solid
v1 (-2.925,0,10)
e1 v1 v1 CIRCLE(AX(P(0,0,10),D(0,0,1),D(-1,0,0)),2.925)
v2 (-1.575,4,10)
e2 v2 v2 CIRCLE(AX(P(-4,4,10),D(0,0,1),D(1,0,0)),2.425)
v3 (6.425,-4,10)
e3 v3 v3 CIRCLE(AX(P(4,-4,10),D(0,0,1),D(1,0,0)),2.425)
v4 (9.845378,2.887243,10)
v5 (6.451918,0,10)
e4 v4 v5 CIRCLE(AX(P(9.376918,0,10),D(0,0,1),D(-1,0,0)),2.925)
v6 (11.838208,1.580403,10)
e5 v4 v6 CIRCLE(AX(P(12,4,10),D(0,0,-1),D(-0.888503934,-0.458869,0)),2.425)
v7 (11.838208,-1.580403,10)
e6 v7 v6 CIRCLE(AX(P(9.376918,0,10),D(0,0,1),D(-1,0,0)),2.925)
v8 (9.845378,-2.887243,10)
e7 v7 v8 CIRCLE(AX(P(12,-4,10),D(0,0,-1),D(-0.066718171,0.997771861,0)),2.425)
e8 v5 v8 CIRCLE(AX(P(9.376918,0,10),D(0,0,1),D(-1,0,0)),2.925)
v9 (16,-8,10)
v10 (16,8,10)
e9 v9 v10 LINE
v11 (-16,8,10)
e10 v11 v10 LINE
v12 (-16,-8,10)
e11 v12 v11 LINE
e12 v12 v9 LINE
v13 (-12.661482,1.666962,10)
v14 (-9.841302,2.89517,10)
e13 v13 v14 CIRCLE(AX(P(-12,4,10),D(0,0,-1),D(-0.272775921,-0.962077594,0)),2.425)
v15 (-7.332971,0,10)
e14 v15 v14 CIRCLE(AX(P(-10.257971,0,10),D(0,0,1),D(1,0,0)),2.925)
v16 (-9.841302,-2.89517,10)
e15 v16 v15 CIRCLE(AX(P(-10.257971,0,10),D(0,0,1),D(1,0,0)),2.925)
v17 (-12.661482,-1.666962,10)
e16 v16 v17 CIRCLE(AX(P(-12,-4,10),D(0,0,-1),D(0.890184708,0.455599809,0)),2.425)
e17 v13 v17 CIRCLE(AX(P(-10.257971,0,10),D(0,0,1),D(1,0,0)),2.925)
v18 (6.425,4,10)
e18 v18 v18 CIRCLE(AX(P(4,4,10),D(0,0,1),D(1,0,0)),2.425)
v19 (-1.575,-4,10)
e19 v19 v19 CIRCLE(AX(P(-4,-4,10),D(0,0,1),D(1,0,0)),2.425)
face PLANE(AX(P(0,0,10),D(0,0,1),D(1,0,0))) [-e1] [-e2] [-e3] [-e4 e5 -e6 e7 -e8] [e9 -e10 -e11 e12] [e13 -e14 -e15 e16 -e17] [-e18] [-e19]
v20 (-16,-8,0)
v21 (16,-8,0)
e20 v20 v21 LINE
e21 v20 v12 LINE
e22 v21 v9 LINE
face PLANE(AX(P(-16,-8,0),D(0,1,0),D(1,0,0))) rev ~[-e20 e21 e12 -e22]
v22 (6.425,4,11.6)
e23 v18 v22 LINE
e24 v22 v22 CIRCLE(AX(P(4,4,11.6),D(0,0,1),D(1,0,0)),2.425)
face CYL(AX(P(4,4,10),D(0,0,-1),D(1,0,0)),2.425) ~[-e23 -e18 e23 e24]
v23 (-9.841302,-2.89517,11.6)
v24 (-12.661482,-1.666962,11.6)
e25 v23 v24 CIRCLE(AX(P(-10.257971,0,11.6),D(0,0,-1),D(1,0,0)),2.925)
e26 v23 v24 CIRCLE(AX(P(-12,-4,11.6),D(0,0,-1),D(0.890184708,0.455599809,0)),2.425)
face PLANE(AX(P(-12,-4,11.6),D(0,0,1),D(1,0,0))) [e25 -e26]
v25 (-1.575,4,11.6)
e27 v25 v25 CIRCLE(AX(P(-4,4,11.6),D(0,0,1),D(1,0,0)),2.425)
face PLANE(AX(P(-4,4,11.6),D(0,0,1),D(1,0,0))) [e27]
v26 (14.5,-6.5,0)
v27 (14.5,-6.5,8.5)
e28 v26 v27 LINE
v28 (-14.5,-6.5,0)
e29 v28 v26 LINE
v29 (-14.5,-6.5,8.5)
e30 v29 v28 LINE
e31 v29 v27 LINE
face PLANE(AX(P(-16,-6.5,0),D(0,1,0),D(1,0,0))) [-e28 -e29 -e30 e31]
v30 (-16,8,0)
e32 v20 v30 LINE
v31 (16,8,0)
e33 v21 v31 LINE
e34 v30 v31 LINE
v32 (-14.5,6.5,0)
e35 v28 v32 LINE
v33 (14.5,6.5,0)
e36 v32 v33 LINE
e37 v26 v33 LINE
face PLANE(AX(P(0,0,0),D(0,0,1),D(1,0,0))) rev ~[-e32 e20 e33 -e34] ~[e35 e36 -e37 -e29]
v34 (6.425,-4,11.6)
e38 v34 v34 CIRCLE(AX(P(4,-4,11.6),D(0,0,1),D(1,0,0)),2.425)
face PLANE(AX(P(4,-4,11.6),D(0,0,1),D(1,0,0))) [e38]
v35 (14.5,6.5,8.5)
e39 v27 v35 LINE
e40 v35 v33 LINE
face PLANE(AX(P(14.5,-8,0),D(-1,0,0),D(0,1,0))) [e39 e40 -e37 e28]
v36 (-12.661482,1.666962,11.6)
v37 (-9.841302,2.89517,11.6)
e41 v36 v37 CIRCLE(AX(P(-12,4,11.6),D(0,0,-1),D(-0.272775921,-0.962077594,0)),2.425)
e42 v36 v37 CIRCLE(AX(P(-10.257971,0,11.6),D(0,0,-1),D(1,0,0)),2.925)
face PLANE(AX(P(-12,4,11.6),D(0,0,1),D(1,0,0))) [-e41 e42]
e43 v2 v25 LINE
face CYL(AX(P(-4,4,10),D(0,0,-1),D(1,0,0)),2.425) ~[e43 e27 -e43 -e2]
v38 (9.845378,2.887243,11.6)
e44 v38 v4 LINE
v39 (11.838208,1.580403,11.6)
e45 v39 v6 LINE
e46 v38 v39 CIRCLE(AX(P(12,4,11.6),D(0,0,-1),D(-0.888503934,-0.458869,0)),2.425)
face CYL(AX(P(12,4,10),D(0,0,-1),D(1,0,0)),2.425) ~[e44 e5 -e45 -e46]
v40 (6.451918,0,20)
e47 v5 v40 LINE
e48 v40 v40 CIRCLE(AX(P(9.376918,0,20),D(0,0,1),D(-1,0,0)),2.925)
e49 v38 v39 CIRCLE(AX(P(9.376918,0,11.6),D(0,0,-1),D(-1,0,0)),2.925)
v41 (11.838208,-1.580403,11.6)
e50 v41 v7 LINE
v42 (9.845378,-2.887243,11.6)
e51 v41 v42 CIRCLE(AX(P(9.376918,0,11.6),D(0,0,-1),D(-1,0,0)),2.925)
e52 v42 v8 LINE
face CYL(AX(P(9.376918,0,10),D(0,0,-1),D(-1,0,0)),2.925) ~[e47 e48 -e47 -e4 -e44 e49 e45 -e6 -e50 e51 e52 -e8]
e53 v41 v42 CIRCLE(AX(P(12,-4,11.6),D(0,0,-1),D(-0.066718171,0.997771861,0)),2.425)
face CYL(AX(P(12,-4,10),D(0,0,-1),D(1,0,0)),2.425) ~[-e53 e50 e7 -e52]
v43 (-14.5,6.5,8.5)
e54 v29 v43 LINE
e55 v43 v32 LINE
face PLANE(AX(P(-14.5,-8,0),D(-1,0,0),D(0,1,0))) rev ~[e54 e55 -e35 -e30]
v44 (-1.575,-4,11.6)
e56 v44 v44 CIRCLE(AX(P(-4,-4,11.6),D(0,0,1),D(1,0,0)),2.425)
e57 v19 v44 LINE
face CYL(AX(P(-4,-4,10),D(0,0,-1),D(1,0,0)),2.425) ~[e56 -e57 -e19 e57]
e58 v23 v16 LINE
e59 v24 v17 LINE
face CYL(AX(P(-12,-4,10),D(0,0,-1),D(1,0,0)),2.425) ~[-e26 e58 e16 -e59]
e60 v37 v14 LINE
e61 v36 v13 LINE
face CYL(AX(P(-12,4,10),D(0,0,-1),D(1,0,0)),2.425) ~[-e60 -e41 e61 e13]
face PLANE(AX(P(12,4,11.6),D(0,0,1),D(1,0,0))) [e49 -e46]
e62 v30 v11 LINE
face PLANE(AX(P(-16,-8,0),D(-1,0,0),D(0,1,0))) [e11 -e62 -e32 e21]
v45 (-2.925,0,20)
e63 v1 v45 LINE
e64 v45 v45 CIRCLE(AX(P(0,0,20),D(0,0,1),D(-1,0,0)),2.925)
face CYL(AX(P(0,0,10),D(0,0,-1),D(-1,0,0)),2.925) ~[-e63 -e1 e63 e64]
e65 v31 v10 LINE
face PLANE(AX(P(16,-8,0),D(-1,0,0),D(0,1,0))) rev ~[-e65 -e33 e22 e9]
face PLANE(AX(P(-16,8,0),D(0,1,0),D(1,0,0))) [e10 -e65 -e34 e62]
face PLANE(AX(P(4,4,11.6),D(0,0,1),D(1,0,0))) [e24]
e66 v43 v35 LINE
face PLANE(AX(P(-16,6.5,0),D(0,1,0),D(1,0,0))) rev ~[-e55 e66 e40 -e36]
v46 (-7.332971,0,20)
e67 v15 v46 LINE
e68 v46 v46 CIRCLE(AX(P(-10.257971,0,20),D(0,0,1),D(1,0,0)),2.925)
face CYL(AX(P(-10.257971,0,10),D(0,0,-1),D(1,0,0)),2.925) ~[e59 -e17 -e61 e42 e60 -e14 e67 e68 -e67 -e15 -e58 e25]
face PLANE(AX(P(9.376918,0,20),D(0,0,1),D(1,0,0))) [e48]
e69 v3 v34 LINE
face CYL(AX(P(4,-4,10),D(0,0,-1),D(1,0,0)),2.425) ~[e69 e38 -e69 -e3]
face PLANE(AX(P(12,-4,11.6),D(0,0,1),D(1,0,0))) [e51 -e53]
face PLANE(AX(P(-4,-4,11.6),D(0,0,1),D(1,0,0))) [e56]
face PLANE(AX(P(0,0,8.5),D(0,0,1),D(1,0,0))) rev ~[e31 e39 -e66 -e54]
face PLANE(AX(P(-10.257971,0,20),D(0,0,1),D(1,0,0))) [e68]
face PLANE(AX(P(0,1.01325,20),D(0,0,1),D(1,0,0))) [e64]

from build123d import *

# Parameters (mm, degrees)
F0_W     = 32
F0_H     = 16
F1_DEPTH = 10
F2_T     = -1.5
F3_R     = 2.425
F4_DEPTH = 1.6
F5_R     = 2.925
F6_DEPTH = 10


with BuildPart() as f1:
    # F0 (on Top) → F1 (new body)
    with BuildSketch(Plane.XY):
        Rectangle(F0_W, F0_H)
    extrude(amount=F1_DEPTH)

    # F2
    f2_openings = [f1.faces().sort_by_distance(p)[0] for p in [
        (0, 0, 0),
    ]]
    offset(amount=F2_T, openings=f2_openings)

    # F3 (on face) → F4 (join)
    with BuildSketch(Plane.XY.offset(10)):
        with Locations((-12, -4)):
            Circle(F3_R)
        with Locations((-12, 4)):
            Circle(F3_R)
        with Locations((-4, -4)):
            Circle(F3_R)
        with Locations((-4, 4)):
            Circle(F3_R)
        with Locations((4, -4)):
            Circle(F3_R)
        with Locations((4, 4)):
            Circle(F3_R)
        with Locations((12, -4)):
            Circle(F3_R)
        with Locations((12, 4)):
            Circle(F3_R)
    extrude(amount=F4_DEPTH)

    # F5 (on face) → F6 (join)
    with BuildSketch(Plane.XY.offset(10)):
        with Locations((-10.257971, 0)):
            Circle(F5_R)
        with BuildLine():
            ThreePointArc((12.301918, 0), (9.376918, 2.925), (6.451918, 0))
            ThreePointArc((6.451918, 0), (9.376918, -2.925), (12.301918, 0))
        make_face()
        with BuildLine():
            ThreePointArc((2.925, 0), (0, 2.925), (-2.925, 0))
            Line((-2.925, 0), (0, 0))
            Line((0, 0), (2.925, 0))
        make_face()
        with BuildLine():
            Line((0, 0), (-2.925, 0))
            ThreePointArc((-2.925, 0), (0, -2.925), (2.925, 0))
            Line((2.925, 0), (0, 0))
        make_face()
    extrude(amount=F6_DEPTH)


solid = f1.part
